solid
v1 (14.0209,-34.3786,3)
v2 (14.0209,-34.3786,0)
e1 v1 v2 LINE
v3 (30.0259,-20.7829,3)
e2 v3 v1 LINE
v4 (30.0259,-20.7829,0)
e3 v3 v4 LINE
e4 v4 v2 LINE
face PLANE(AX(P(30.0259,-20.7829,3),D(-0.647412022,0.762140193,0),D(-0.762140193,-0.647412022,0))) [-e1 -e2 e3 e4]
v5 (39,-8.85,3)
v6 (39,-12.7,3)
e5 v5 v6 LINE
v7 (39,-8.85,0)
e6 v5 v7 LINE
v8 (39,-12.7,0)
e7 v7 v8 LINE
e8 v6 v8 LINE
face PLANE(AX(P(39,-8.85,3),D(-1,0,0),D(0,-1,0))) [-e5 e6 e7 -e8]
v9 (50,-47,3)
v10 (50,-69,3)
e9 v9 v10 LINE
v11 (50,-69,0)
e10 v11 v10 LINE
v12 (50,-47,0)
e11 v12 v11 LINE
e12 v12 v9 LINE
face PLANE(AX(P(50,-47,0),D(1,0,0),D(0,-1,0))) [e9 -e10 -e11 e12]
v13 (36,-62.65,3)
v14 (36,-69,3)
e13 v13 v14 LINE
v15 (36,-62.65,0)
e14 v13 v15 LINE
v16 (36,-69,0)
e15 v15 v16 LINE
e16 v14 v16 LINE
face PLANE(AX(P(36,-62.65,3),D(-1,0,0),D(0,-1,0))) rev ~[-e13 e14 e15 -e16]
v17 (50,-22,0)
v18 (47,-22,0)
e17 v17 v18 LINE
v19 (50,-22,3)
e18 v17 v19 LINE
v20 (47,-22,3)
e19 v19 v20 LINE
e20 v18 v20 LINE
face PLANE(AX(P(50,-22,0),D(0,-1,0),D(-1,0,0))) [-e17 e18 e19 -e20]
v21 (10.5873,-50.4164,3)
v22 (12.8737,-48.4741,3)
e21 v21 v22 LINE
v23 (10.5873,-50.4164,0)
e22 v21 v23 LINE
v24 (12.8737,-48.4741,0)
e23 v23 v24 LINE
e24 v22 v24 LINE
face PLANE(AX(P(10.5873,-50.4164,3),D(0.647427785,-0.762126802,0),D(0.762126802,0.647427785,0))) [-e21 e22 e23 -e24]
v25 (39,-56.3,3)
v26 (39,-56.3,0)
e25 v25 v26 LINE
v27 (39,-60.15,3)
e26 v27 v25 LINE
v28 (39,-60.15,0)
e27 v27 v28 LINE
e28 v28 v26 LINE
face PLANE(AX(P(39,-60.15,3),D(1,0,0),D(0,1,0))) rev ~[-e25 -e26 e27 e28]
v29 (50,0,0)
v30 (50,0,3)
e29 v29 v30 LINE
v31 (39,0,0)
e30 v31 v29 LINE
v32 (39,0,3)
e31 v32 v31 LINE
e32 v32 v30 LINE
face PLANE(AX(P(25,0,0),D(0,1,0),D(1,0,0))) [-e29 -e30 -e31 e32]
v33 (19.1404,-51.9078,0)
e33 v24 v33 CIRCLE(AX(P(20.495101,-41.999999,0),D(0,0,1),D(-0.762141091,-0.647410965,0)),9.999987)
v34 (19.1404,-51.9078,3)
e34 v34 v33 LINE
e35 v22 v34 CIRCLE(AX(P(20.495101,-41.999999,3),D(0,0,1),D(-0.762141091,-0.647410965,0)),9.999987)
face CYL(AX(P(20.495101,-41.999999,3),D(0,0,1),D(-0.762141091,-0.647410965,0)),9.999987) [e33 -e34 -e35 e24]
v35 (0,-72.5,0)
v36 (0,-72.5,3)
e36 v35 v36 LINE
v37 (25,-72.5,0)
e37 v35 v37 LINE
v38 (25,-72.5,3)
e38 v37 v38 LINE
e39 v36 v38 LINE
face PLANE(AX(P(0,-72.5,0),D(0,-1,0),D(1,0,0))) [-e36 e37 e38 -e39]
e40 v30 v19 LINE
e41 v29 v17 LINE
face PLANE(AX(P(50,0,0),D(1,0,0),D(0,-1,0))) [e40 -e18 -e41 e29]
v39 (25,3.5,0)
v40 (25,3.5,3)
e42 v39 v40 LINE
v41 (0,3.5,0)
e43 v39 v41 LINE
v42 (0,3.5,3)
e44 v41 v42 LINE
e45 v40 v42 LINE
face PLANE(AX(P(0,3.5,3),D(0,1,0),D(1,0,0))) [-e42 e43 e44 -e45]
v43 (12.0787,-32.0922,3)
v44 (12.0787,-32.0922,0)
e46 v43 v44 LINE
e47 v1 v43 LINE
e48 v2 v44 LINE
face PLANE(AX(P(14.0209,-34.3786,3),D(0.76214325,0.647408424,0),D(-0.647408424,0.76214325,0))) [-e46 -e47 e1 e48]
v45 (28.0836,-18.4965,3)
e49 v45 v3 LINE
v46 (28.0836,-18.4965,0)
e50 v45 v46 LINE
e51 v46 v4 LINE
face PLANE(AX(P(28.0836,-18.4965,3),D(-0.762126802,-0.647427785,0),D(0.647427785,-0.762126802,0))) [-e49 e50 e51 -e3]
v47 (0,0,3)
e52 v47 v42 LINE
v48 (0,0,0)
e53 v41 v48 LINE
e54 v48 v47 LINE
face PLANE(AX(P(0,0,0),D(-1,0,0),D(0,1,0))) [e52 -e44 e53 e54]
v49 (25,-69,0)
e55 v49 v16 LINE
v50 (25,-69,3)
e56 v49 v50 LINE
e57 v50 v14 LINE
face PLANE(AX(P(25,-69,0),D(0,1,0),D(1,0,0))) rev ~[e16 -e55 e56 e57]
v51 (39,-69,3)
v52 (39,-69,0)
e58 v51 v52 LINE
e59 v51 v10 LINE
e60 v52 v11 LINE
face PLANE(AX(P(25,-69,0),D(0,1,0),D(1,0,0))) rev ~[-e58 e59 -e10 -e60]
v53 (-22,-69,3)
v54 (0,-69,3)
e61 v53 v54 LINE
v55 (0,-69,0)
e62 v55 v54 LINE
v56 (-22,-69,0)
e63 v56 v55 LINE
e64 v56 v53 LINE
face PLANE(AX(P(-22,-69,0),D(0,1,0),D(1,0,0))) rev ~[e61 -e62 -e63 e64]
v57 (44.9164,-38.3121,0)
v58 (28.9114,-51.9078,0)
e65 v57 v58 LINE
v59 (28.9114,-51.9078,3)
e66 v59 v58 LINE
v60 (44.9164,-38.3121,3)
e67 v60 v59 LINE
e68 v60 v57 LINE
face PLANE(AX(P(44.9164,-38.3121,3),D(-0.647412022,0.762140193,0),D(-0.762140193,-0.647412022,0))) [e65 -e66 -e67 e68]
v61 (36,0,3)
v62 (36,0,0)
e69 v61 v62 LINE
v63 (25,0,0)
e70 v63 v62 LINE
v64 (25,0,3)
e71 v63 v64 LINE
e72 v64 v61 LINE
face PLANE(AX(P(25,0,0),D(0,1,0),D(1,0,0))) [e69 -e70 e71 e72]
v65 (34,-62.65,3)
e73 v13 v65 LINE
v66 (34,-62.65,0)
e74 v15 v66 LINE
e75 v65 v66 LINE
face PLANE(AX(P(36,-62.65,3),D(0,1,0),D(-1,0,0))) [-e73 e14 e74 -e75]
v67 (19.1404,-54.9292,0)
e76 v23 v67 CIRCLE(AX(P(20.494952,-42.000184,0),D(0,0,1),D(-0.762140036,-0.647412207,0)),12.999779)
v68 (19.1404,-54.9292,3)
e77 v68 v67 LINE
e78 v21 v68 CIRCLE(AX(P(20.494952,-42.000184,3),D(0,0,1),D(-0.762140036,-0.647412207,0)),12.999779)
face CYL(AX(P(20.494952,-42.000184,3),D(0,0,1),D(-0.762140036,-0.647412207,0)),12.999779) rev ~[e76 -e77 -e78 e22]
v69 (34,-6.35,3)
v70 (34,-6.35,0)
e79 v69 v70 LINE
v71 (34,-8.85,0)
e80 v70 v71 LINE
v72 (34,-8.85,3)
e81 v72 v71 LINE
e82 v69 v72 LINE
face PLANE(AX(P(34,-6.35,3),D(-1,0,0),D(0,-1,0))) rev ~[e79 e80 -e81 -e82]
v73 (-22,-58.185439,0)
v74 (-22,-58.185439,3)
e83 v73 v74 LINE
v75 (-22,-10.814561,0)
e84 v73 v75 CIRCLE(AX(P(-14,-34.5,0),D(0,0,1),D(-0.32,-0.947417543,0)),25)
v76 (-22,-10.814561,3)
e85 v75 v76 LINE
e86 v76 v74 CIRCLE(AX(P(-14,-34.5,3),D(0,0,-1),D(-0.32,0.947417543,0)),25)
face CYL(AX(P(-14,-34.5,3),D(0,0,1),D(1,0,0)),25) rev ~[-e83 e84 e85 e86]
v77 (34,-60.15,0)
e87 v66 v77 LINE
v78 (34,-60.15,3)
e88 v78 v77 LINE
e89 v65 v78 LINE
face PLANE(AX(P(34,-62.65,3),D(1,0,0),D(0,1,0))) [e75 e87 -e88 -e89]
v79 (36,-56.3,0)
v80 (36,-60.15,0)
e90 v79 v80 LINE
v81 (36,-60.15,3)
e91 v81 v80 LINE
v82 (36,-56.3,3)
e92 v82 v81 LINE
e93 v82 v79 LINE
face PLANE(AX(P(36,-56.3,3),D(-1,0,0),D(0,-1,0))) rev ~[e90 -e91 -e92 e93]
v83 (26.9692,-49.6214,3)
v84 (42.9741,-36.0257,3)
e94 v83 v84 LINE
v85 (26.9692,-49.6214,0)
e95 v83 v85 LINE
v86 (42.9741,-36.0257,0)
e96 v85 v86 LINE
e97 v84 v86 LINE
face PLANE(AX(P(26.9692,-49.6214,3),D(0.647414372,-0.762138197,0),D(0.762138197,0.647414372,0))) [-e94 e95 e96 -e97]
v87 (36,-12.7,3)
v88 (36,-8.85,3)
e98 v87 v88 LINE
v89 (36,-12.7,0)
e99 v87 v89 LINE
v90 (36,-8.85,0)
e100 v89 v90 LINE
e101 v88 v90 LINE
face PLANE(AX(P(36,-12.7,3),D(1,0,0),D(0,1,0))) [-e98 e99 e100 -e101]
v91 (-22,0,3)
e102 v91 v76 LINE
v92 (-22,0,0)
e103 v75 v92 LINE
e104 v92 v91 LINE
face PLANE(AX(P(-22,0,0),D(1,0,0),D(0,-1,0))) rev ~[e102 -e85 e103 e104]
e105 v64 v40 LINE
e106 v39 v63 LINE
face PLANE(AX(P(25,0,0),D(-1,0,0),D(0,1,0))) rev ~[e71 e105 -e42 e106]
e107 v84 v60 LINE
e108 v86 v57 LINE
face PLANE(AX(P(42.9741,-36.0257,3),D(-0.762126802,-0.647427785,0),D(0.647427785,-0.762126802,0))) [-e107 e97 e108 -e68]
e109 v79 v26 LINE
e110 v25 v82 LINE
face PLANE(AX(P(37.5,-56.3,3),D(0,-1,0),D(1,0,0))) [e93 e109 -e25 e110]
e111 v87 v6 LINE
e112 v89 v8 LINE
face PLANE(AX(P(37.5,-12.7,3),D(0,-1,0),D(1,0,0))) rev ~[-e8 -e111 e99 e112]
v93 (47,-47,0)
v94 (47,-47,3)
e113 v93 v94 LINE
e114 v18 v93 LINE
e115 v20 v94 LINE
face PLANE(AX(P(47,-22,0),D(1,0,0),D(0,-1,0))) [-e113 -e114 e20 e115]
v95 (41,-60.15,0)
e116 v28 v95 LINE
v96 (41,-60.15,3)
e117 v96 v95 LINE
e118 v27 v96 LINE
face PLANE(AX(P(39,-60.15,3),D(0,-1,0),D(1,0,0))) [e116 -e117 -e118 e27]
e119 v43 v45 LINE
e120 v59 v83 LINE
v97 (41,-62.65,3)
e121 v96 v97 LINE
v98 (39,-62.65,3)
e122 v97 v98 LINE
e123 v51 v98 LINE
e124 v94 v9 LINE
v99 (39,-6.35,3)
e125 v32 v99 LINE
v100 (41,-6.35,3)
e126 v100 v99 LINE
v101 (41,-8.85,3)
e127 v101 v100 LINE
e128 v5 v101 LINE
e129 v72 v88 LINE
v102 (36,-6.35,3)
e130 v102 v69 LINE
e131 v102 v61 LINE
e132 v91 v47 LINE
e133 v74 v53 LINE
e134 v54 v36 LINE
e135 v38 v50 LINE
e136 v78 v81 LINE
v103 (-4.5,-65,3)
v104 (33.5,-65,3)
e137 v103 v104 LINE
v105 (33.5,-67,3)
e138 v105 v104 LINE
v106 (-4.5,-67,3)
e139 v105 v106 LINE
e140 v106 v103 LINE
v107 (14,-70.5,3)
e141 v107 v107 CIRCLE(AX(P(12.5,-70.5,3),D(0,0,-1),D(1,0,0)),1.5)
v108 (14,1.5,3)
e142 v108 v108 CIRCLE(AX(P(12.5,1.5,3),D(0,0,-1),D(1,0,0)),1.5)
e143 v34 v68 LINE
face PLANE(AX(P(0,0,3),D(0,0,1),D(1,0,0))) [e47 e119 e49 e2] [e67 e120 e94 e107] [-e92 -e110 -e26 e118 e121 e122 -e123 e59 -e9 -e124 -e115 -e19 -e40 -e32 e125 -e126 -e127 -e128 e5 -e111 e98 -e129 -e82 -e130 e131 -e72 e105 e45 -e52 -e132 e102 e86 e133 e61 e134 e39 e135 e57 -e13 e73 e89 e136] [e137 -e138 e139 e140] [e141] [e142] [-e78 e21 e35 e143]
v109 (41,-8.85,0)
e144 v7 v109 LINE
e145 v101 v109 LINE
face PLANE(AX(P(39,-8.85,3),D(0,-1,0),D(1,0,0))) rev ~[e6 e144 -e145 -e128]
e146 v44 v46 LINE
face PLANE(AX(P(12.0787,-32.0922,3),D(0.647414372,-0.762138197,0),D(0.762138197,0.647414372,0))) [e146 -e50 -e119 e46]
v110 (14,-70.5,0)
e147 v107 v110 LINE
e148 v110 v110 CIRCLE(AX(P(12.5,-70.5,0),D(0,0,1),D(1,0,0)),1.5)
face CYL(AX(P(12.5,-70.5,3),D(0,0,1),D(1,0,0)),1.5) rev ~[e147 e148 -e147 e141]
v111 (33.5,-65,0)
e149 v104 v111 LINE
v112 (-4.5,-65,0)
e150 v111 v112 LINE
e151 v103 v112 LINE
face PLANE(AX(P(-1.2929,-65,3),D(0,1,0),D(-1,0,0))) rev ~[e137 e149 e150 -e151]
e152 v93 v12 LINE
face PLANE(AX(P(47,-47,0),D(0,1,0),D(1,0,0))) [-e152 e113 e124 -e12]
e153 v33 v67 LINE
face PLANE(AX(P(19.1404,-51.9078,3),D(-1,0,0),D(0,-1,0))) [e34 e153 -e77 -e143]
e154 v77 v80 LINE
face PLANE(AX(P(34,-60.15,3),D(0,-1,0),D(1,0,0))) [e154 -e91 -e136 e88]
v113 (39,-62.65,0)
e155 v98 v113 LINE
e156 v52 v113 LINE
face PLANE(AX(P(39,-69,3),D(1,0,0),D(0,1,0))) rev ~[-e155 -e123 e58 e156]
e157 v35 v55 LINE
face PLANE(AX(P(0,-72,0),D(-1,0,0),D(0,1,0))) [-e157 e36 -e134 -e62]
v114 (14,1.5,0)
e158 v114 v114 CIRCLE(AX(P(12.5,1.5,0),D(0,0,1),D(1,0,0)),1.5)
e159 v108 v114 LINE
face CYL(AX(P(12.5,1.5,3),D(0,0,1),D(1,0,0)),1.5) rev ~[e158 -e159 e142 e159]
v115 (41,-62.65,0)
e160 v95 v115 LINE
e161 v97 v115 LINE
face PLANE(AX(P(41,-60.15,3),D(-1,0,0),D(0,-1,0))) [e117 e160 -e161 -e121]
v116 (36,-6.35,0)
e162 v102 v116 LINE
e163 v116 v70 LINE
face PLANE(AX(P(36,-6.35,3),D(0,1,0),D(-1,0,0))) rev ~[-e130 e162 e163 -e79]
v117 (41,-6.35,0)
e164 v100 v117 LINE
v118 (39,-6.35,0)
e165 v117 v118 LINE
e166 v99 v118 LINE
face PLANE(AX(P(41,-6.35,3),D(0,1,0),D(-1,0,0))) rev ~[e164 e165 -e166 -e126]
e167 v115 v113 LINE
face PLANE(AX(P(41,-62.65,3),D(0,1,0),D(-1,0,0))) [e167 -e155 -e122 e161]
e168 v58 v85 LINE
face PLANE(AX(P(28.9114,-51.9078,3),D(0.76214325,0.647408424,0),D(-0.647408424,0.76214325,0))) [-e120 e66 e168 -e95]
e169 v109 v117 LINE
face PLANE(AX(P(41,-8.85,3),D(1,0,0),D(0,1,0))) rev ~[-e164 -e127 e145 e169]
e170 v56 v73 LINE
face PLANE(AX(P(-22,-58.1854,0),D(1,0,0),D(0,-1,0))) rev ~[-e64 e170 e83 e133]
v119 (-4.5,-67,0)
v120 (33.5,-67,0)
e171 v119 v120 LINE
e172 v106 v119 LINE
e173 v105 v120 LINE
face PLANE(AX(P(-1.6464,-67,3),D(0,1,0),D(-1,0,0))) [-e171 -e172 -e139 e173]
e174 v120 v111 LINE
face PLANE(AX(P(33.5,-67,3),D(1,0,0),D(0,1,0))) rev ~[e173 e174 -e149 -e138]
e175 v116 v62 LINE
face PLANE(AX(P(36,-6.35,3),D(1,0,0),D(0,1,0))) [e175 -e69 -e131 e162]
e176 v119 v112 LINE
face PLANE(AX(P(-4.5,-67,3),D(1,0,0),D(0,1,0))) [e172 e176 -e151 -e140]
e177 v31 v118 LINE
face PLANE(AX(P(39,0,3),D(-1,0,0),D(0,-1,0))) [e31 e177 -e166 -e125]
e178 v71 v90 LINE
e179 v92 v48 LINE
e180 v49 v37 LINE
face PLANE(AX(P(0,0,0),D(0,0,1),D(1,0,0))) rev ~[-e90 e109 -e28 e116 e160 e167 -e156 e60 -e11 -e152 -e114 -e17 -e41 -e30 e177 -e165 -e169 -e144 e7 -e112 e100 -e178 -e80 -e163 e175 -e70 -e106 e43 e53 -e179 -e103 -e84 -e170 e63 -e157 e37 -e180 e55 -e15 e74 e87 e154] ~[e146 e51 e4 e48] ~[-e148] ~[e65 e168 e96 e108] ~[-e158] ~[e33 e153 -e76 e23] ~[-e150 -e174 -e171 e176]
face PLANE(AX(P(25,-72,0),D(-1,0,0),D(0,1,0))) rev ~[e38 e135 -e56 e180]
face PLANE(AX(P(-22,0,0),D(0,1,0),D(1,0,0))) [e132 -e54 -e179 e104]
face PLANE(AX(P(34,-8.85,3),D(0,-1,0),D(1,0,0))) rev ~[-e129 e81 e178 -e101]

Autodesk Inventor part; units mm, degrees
ref_plane "YZ Plane" through (0, 0, 0) normal (1, 0, 0) x (0, 1, 0)
ref_plane "XZ Plane" through (0, 0, 0) normal (0, 1, 0) x (-1, 0, 0)
ref_plane "XY Plane" through (0, 0, 0) normal (0, 0, 1) x (1, 0, 0)
sketch "Sketch1" plane through (0, 0, 0) normal (0, 0, 1) x (1, 0, 0)
  line L0 (0, 0) -> (25, 0) projected
  line L1 (25, 0) -> (25, 3) projected
  line L2 (0, 3) -> (25, 3) projected
  line L3 (0, 0) -> (0, 3) projected
  line L4 (0.2071, -72) -> (11, -72) projected
  line L5 (0.2071, -69) -> (11, -69) projected
  line L6 (25, -69) -> (50, -69) projected
  line L7 (25, 0) -> (50, 0) projected
  line L8 (-25, 0) -> (0, 0) projected
  line L9 (-22, 0) -> (-22, -10.8146) projected
  line L10 (-25, -22) -> (-25, -47) projected
  line L11 (-25, -47) -> (-22, -47) projected
  line L12 (-22, -10.8146) -> (-22, -58.1854) projected
  line L13 (-25, -22) -> (-22, -22) projected
  line L14 (-22, -58.1854) -> (-22, -69) projected
  line L15 (-25, -69) -> (0, -69) projected
  line L16 (50, 0) -> (50, -22)
  line L17 (50, -22) -> (47, -22)
  line L18 (47, -22) -> (47, -47)
  line L19 (47, -47) -> (50, -47)
  line L20 (50, -47) -> (50, -69)
  line L21 (50, 0) -> (25, 0)
  line L22 (25, 3) -> (25, 0)
  line L23 (25, 3) -> (0, 3)
  line L24 (0, 3) -> (0, 0)
  line L25 (-22, -10.8146) -> (-22, 0)
  line L26 (-22, 0) -> (0, 0)
  line L27 (-22, -22) -> (-25, -22)
  line L28 (-25, -22) -> (-25, -47)
  line L29 (-22, -47) -> (-25, -47)
  line L30 (-22, -58.1854) -> (-22, -69)
  line L31 (-22, -69) -> (0, -69)
  line L32 (0, -72) -> (0, -69)
  line L33 (0, -72) -> (25, -72)
  line L34 (25, -72) -> (25, -69)
  line L35 (25, -69) -> (50, -69)
  line L36 (11, -72) -> (11, -69) projected
  line L37 (0.2071, -69) -> (0.2071, -72) projected
  dimension "d0" = 3
extrude "Extrusion1" add sketch "Sketch1" along normal blind 3
sketch "Sketch2" plane through (0, 0, 3) normal (0, 0, 1) x (1, 0, 0)
  line L0 (-25, -22) -> (-25, -47) projected
  line L1 (-25, -34.5) -> (7, -34.5)
  line L2 (-25, -34.5) -> (-14, -34.5)
  circle A0 centre (-14, -34.5) radius 21
  circle A1 centre (-14, -34.5) radius 25
  point P0 (0, 0)
  dimension "d3" = 32
  dimension "d4" = 11
  dimension "d5" = 4
extrude "Extrusion2" cut sketch "Sketch2" against normal blind 20 contours A0 | A1
sketch "Sketch3" plane through (0, 0, 3) normal (0, 0, 1) x (1, 0, 0)
  line L0 (-1.2929, -65) -> (30.2929, -65) projected
  line L1 (-4.5, -67) -> (-4.5, -65) projected
  line L2 (33.5, -67) -> (33.5, -65) projected
  line L3 (30.6464, -65) -> (33.5, -65) projected
  line L4 (30.6464, -65) -> (30.2929, -65) projected
  line L5 (30.2929, -67) -> (30.6464, -67) projected
  line L6 (33.5, -67) -> (30.6464, -67) projected
  line L7 (30.2929, -67) -> (-1.2929, -67) projected
  arc A0 (-22, -58.1854) -> (-22, -10.8146) centre (-14, -34.5) ccw projected
  line L8 (-22, -58.1854) -> (-22, -69) projected
  line L9 (-22, -69) -> (0, -69) projected
  line L10 (0, -69) -> (0, -72) projected
  line L11 (50, -69) -> (50, -47) projected
  line L12 (50, -47) -> (47, -47) projected
  line L13 (47, -47) -> (47, -22) projected
  line L14 (47, -22) -> (50, -22) projected
  line L15 (50, -22) -> (50, 0) projected
  line L16 (50, 0) -> (25, 0) projected
  line L17 (25, 0) -> (25, 3) projected
  line L18 (25, 3) -> (0, 3) projected
  line L19 (0, 3) -> (0, 0) projected
  line L20 (0, 0) -> (-22, 0) projected
  line L21 (-22, 0) -> (-22, -10.8146) projected
  line L22 (-4.5, -65) -> (-1.6464, -65) projected
  line L23 (-1.2929, -65) -> (-1.6464, -65) projected
  line L24 (-1.6464, -67) -> (-4.5, -67) projected
  line L25 (-1.6464, -67) -> (-1.2929, -67) projected
  line L26 (0, -72) -> (25, -72) projected
  line L27 (25, -69) -> (50, -69) projected
  line L28 (25, -72) -> (25, -69) projected
extrude "Extrusion3" cut sketch "Sketch3" against normal blind 3 contours L0 L4 L3 L2 L6 L5 L7 L25 L24 L1 L22 L23
sketch "Sketch4" plane through (0, 0, 3) normal (0, 0, 1) x (1, 0, 0)
  line L0 (47, -47) -> (47, -22) projected
  line L1 (47, -34.5) -> (34.3, -34.5)
  line L2 (34.3, -34.5) -> (34.3, -36)
  line L3 (34.3, -36) -> (34.3, -33)
  line L4 (34.3, -33) -> (47, -33)
  line L5 (47, -33) -> (47, -36)
  line L6 (47, -36) -> (34.3, -36)
  line L7 (40.65, -36) -> (40.65, -38)
  line L8 (40.65, -38) -> (38.15, -38)
  line L9 (38.15, -38) -> (38.15, -31)
  line L10 (38.15, -31) -> (40.65, -31)
  line L11 (40.65, -31) -> (40.65, -36)
  line L12 (25, 3) -> (0, 3) projected
  line L13 (50, 0) -> (25, 0) projected
  line L14 (0, 0) -> (-22, 0) projected
  line L15 (25, -69) -> (50, -69) projected
  line L16 (0, -72) -> (25, -72) projected
  line L17 (-22, -69) -> (0, -69) projected
  line L18 (50, 0) -> (25, 0) projected
  line L19 (37.5, 0) -> (37.5, -12.7)
  line L20 (37.5, -12.7) -> (39, -12.7)
  line L21 (39, -12.7) -> (36, -12.7)
  line L22 (36, -12.7) -> (36, 0)
  line L23 (39, 0) -> (39, -12.7)
  line L24 (36, -6.35) -> (34, -6.35)
  line L25 (34, -6.35) -> (34, -8.85)
  line L26 (34, -8.85) -> (41, -8.85)
  line L27 (41, -8.85) -> (41, -6.35)
  line L28 (41, -6.35) -> (36, -6.35)
  line L29 (50, -69) -> (25, -69)
  line L30 (37.5, -69) -> (37.5, -56.3)
  line L31 (37.5, -56.3) -> (39, -56.3)
  line L32 (39, -56.3) -> (36, -56.3)
  line L33 (36, -56.3) -> (36, -69)
  line L34 (39, -69) -> (39, -56.3)
  line L35 (36, -62.65) -> (34, -62.65)
  line L36 (34, -62.65) -> (34, -60.15)
  line L37 (34, -60.15) -> (41, -60.15)
  line L38 (41, -60.15) -> (41, -62.65)
  line L39 (41, -62.65) -> (36, -62.65)
  line L40 (-4.5, -65) -> (33.5, -65) projected
  line L41 (33.5, -65) -> (33.5, -67) projected
  line L42 (33.5, -67) -> (-4.5, -67) projected
  line L43 (-4.5, -67) -> (-4.5, -65) projected
  arc A0 (-22, -58.1854) -> (-22, -10.8146) centre (-14, -34.5) ccw projected
  line L44 (-22, -58.1854) -> (-22, -69) projected
  line L45 (-22, -69) -> (0, -69) projected
  line L46 (0, -69) -> (0, -72) projected
  line L47 (0, -72) -> (25, -72) projected
  line L48 (25, -69) -> (50, -69) projected
  line L49 (50, -69) -> (50, -47) projected
  line L50 (50, -47) -> (47, -47) projected
  line L51 (47, -47) -> (47, -22) projected
  line L52 (47, -22) -> (50, -22) projected
  line L53 (50, -22) -> (50, 0) projected
  line L54 (50, 0) -> (25, 0) projected
  line L55 (25, 0) -> (25, 3) projected
  line L56 (25, 3) -> (0, 3) projected
  line L57 (0, 3) -> (0, 0) projected
  line L58 (0, 0) -> (-22, 0) projected
  line L59 (-22, 0) -> (-22, -10.8146) projected
  circle A1 centre (12.5, 1.5) radius 1.5
  line L60 (39, -56.3) -> (36, -56.3)
  line L61 (36, -56.3) -> (36, -69)
  line L62 (36, -69) -> (39, -69)
  line L63 (39, -69) -> (39, -56.3)
  circle A2 centre (12.5, -70.5) radius 1.5
  line L64 (25, -72) -> (25, -69) projected
  arc A3 (42.9741, -36.0257) -> (30.0259, -20.7829) centre (36.5, -28.4043) ccw projected
  line L65 (26.9692, -49.6214) -> (42.9741, -36.0257) projected
  arc A4 (14.0209, -34.3786) -> (26.9692, -49.6214) centre (20.4951, -42) ccw projected
  line L66 (30.0259, -20.7829) -> (14.0209, -34.3786) projected
  dimension "d10" = 12.7
  dimension "d11" = 1.5
  dimension "d12" = 3
  dimension "d13" = 2
  dimension "d14" = 2.5
  dimension "d15" = 7
  dimension "d16" = 12.7
  dimension "d17" = 1.5
  dimension "d18" = 3
  dimension "d19" = 2
  dimension "d20" = 2.5
  dimension "d21" = 7
  dimension "d22" = 3
  dimension "d25" = 3
extrude "Extrusion4" cut sketch "Sketch4" against normal blind 25.4 contours A1 | A2 | L15 L30 L39 L34 | L15 L33 L39 L30 | L39 L30 L37 L34 | L34 L37 L38 L39 | L39 L33 L37 L30 | L37 L30 L31 L34 | L35 L36 L37 L33 | L37 L33 L32 L30 | L23 L28 L19 L13 | L19 L28 L22 L13 | L28 L27 L26 L23 | L23 L26 L19 L28 | L19 L26 L22 L28 | L23 L20 L19 L26 | L22 L26 L25 L24 | L19 L21 L22 L26
sketch "Sketch5" plane through (0, 0, 3) normal (0, 0, 1) x (1, 0, 0)
  line L0 (26.9692, -49.6214) -> (42.9741, -36.0257)
  line L1 (44.9164, -38.3121) -> (28.9114, -51.9078)
  line L2 (42.9741, -36.0257) -> (44.9164, -38.3121)
  line L3 (28.9114, -51.9078) -> (26.9692, -49.6214)
  line L4 (30.0259, -20.7829) -> (14.0209, -34.3786)
  line L5 (12.0787, -32.0922) -> (28.0836, -18.4965)
  line L6 (28.0836, -18.4965) -> (30.0259, -20.7829)
  line L7 (14.0209, -34.3786) -> (12.0787, -32.0922)
  arc A0 (10.5873, -50.4164) -> (19.1404, -54.9292) centre (20.4951, -42) ccw
  line L8 (10.5873, -50.4164) -> (12.8737, -48.4741)
  arc A1 (12.8737, -48.4741) -> (19.1404, -51.9078) centre (20.4951, -42) ccw
  line L9 (19.1404, -51.9078) -> (19.1404, -54.9292)
  point P0 (0, 0)
extrude "Extrusion5" cut sketch "Sketch5" against normal blind 25.4
sketch "Sketch6" plane through (0, 3, 3) normal (0, 1, 0) x (1, 0, 0)
  line L0 (12.5, 0) -> (12.5, 3) projected
  line L1 (12.5, 3) -> (0, 3) projected
  line L2 (0, 3) -> (0, 0) projected
  line L3 (12.5, 0) -> (0, 0) projected
  line L4 (25, 0) -> (12.5, 0) projected
  line L5 (25, 3) -> (25, 0) projected
  line L6 (25, 3) -> (12.5, 3) projected
  point P0 (0, 3)
extrude "Extrusion6" add sketch "Sketch6" along normal blind 0.5
sketch "Sketch7" plane through (0, -72, 0) normal (0, -1, 0) x (1, 0, 0)
  line L0 (12.5, 3) -> (12.5, 0) projected
  line L1 (0, 3) -> (12.5, 3) projected
  line L2 (0, 0) -> (0, 3) projected
  line L3 (0, 0) -> (12.5, 0) projected
  line L4 (12.5, 0) -> (25, 0) projected
  line L5 (25, 0) -> (25, 3) projected
  line L6 (12.5, 3) -> (25, 3) projected
extrude "Extrusion7" add sketch "Sketch7" along normal blind 0.5
properties part number "pared frontal 2"
